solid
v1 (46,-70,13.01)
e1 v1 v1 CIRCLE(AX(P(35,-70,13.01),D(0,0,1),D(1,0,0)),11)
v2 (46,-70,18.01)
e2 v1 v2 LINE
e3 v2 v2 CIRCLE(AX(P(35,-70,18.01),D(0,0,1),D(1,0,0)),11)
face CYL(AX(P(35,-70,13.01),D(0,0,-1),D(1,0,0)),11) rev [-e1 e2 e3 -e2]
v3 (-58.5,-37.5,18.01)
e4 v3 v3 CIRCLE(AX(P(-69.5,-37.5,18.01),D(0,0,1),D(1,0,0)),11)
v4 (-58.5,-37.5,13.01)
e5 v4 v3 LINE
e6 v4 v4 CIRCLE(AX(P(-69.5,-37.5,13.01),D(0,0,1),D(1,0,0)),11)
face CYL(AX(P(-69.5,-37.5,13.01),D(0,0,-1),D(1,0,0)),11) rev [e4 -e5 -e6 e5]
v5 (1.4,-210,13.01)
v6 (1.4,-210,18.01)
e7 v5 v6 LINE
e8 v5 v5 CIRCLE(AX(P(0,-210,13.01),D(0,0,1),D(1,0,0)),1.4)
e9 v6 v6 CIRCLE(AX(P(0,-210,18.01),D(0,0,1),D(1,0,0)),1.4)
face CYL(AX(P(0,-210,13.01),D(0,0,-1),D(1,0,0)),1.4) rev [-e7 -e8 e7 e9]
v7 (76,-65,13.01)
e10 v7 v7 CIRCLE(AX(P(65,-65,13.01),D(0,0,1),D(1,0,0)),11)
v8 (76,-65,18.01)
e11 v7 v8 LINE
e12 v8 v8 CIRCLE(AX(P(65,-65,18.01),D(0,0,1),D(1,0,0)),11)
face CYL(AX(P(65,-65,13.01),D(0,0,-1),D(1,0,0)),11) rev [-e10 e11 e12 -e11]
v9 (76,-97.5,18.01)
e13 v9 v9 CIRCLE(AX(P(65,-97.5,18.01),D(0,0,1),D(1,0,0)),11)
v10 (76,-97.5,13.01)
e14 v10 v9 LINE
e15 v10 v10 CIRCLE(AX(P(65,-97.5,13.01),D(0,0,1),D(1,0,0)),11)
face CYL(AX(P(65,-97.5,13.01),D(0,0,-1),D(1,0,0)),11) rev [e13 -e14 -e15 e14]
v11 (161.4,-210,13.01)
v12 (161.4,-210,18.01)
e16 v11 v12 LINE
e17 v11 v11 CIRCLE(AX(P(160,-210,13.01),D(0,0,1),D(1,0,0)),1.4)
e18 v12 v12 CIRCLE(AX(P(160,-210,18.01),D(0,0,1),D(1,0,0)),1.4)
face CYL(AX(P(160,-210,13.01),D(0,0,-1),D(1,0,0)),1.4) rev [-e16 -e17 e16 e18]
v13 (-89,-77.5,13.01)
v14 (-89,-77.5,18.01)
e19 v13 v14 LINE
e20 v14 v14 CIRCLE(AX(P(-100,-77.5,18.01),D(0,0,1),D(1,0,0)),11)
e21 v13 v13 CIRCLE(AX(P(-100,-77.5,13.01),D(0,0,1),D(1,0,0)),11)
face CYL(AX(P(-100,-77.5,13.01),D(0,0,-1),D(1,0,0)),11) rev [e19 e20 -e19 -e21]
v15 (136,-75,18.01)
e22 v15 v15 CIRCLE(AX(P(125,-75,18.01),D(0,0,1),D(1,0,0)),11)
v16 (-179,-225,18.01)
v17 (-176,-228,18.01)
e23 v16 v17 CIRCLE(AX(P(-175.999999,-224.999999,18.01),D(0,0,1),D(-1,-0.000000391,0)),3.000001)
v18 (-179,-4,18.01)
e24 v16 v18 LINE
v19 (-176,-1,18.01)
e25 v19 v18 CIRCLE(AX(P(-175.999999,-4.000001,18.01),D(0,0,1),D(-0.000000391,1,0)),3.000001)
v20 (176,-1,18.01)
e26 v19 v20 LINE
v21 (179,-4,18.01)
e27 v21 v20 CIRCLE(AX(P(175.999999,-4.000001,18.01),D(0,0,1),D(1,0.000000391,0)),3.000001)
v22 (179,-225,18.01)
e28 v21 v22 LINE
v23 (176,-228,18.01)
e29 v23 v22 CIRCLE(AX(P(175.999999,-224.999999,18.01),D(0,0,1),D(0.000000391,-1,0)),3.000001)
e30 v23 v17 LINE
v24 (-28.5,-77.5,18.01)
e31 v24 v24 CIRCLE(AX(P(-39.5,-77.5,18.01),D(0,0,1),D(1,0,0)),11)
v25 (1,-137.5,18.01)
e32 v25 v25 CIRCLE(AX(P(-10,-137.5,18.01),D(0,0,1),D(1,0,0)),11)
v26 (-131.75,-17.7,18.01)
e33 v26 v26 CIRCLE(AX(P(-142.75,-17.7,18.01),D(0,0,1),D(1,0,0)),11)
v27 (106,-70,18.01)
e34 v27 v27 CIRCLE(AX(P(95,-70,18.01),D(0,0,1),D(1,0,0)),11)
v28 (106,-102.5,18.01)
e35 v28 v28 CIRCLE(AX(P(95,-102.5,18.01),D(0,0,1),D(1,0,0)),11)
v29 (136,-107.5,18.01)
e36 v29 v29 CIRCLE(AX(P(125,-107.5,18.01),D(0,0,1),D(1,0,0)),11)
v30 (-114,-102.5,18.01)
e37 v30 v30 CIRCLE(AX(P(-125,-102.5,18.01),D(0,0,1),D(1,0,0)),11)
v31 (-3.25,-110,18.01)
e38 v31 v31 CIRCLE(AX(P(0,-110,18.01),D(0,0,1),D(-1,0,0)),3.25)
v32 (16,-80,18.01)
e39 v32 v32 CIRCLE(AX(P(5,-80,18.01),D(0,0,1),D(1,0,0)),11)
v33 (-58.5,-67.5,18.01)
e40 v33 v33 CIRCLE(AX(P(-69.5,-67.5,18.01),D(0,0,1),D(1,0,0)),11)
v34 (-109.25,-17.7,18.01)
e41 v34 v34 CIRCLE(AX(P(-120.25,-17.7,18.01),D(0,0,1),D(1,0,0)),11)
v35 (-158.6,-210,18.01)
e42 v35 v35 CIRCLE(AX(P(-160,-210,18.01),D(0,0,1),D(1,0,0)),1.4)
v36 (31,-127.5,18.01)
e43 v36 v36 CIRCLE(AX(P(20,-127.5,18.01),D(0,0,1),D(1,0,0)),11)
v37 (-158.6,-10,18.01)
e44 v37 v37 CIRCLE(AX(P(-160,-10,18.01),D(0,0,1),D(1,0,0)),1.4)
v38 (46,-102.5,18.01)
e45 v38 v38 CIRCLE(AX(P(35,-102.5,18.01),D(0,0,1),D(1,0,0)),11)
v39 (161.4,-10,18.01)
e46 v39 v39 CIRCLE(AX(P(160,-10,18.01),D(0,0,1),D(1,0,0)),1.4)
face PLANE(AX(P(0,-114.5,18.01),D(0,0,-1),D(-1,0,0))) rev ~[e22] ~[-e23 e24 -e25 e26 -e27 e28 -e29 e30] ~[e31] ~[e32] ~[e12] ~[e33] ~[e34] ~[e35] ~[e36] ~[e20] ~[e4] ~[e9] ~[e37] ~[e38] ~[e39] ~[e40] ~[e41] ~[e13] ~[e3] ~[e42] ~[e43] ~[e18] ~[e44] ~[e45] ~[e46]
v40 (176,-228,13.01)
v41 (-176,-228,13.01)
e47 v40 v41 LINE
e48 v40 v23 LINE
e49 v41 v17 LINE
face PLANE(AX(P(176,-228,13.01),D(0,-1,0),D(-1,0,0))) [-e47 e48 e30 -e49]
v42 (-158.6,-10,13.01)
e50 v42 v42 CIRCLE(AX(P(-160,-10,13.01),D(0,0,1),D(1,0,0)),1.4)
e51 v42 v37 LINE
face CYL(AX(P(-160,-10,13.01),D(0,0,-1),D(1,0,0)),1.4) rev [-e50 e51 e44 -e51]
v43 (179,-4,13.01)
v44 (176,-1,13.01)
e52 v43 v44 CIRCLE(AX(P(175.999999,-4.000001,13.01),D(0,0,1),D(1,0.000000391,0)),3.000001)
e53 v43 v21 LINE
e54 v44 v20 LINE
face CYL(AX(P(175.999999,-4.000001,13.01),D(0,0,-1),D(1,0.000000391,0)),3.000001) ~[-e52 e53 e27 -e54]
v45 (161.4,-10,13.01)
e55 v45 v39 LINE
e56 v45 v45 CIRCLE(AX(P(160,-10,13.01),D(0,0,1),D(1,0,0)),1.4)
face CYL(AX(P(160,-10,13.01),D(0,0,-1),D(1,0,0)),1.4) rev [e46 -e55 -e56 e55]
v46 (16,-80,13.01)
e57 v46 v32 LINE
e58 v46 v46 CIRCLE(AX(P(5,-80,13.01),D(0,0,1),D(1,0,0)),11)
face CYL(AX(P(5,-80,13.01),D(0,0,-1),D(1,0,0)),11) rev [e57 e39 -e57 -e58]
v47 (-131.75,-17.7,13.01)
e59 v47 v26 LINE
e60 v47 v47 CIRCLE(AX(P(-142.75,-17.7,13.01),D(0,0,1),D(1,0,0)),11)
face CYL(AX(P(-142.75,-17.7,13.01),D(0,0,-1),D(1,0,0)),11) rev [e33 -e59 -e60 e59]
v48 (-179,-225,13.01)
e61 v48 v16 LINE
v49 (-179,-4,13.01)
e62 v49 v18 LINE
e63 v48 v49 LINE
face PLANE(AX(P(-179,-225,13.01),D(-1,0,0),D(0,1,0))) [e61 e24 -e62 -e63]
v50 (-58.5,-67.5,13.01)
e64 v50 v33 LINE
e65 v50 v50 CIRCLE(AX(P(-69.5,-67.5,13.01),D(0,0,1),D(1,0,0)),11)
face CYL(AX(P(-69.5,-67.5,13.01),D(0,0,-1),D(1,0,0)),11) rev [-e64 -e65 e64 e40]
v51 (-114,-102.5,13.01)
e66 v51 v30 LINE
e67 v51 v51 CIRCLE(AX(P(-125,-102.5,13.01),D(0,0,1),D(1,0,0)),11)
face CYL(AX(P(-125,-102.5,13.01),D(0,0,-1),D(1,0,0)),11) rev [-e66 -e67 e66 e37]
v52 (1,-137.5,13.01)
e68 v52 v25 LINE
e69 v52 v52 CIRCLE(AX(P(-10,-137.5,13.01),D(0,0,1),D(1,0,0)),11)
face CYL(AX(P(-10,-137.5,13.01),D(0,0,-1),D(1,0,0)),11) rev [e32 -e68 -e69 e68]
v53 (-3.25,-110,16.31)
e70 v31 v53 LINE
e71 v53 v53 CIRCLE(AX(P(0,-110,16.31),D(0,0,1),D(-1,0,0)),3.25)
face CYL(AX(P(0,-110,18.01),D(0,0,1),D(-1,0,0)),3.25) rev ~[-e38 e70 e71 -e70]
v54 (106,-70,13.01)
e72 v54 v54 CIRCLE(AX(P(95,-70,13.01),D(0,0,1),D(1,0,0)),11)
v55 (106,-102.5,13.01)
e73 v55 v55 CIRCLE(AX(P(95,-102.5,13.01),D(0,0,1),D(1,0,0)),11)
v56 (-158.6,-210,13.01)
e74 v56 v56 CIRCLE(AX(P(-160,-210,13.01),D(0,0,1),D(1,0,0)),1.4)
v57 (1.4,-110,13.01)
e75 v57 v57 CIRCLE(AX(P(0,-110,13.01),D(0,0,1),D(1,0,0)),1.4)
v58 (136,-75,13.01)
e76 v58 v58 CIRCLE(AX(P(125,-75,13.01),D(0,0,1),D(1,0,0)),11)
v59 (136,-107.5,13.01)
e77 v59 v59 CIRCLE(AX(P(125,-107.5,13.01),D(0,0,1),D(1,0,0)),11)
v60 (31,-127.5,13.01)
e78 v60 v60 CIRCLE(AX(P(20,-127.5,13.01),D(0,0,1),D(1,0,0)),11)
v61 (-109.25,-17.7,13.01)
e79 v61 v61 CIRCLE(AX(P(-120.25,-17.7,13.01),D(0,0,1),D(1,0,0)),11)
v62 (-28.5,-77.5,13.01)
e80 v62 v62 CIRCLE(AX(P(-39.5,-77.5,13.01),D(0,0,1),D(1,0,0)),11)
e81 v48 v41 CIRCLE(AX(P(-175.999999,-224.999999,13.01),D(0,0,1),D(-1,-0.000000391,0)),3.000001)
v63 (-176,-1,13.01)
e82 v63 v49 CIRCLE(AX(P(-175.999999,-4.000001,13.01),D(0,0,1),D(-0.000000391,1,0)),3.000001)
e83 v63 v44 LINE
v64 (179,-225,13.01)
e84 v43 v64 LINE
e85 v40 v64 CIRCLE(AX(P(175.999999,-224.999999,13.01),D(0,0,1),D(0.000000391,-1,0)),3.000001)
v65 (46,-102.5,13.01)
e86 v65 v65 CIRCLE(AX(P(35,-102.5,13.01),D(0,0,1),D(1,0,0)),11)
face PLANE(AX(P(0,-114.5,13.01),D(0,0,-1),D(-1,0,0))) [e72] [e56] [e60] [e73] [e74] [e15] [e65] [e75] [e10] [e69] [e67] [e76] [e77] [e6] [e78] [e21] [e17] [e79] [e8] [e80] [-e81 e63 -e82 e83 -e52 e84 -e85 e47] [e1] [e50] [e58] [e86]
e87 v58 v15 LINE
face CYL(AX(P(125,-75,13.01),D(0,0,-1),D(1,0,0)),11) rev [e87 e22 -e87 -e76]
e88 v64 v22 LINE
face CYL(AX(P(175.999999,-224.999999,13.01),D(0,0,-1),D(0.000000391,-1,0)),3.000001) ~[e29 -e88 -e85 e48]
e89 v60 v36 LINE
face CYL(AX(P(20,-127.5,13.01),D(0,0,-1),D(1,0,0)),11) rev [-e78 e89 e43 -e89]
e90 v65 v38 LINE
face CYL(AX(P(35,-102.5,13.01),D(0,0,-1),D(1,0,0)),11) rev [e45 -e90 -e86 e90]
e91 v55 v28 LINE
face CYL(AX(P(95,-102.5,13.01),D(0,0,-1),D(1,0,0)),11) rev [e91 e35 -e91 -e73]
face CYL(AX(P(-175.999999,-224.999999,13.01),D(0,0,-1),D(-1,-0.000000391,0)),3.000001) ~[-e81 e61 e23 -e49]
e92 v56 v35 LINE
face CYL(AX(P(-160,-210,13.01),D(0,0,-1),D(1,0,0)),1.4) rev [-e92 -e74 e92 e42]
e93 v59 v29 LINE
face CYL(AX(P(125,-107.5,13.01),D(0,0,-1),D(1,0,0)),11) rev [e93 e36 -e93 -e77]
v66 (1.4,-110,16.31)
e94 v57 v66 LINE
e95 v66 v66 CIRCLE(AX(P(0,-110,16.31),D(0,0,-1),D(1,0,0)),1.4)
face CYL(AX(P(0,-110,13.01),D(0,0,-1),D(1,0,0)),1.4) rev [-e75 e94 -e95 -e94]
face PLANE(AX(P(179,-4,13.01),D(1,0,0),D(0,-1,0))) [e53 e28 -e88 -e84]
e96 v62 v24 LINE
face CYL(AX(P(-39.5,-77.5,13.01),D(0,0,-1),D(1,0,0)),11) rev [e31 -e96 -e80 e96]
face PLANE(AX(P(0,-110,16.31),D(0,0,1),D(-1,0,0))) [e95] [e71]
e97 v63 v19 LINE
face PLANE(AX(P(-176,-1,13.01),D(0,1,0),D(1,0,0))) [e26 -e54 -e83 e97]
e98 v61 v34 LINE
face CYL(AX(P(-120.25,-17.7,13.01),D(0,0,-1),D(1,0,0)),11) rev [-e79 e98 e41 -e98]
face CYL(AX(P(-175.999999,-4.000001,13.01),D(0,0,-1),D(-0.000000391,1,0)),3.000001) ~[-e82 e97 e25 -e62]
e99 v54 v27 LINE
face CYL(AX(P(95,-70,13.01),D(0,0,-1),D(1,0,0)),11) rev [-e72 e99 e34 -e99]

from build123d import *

# Parameters (mm, degrees)
PAD002_DEPTH  = 5
SKETCH008_R   = 11
HOLE001_DEPTH = 5
SKETCH009_R   = 1.4
HOLE002_DEPTH = 5
SKETCH010_R   = 3.25
HOLE003_DEPTH = 1.7


with BuildPart() as part:
    # Sketch007 → Pad002 (new body)
    with BuildSketch(Plane.XY):
        with BuildLine():
            Line((-176, -1), (176, -1))
            ThreePointArc((179, -4), (178.12132, -1.87868), (176, -1))
            Line((179, -4), (179, -225))
            ThreePointArc((176, -228), (178.12132, -227.12132), (179, -225))
            Line((176, -228), (-176, -228))
            ThreePointArc((-179, -225), (-178.12132, -227.12132), (-176, -228))
            Line((-179, -225), (-179, -4))
            ThreePointArc((-176, -1), (-178.12132, -1.87868), (-179, -4))
        make_face()
    extrude(amount=PAD002_DEPTH)

    # Sketch008 → Hole001 (cut)
    with BuildSketch(Plane.XY):
        with Locations((-142.75, -17.7)):
            Circle(SKETCH008_R)
        with Locations((-120.25, -17.7)):
            Circle(SKETCH008_R)
        with Locations((-69.5, -37.5)):
            Circle(SKETCH008_R)
        with Locations((-69.5, -67.5)):
            Circle(SKETCH008_R)
        with Locations((-100, -77.5)):
            Circle(SKETCH008_R)
        with Locations((-125, -102.5)):
            Circle(SKETCH008_R)
        with Locations((-39.5, -77.5)):
            Circle(SKETCH008_R)
        with Locations((5, -80)):
            Circle(SKETCH008_R)
        with Locations((35, -70)):
            Circle(SKETCH008_R)
        with Locations((65, -65)):
            Circle(SKETCH008_R)
        with Locations((95, -70)):
            Circle(SKETCH008_R)
        with Locations((125, -75)):
            Circle(SKETCH008_R)
        with Locations((-10, -137.5)):
            Circle(SKETCH008_R)
        with Locations((20, -127.5)):
            Circle(SKETCH008_R)
        with Locations((35, -102.5)):
            Circle(SKETCH008_R)
        with Locations((65, -97.5)):
            Circle(SKETCH008_R)
        with Locations((95, -102.5)):
            Circle(SKETCH008_R)
        with Locations((125, -107.5)):
            Circle(SKETCH008_R)
    extrude(amount=HOLE001_DEPTH, mode=Mode.SUBTRACT)

    # Sketch009 → Hole002 (cut)
    with BuildSketch(Plane.XY):
        with Locations((0, -210)):
            Circle(SKETCH009_R)
        with Locations((160, -210)):
            Circle(SKETCH009_R)
        with Locations((160, -10)):
            Circle(SKETCH009_R)
        with Locations((-160, -210)):
            Circle(SKETCH009_R)
        with Locations((-160, -10)):
            Circle(SKETCH009_R)
        with Locations((0, -110)):
            Circle(SKETCH009_R)
    extrude(amount=HOLE002_DEPTH, mode=Mode.SUBTRACT)

    # Sketch010 → Hole003 (cut)
    with BuildSketch(Plane(origin=(0, 0, 5), x_dir=(-1, 0, 0), z_dir=(0, 0, 1))):
        with Locations((0, 110)):
            Circle(SKETCH010_R)
    extrude(amount=-HOLE003_DEPTH, mode=Mode.SUBTRACT)


with BuildPart() as part_1:
    # Body001 placement: moved
    add(part.part.moved(Location((0, 0, 13.01))))


solid = part_1.part
